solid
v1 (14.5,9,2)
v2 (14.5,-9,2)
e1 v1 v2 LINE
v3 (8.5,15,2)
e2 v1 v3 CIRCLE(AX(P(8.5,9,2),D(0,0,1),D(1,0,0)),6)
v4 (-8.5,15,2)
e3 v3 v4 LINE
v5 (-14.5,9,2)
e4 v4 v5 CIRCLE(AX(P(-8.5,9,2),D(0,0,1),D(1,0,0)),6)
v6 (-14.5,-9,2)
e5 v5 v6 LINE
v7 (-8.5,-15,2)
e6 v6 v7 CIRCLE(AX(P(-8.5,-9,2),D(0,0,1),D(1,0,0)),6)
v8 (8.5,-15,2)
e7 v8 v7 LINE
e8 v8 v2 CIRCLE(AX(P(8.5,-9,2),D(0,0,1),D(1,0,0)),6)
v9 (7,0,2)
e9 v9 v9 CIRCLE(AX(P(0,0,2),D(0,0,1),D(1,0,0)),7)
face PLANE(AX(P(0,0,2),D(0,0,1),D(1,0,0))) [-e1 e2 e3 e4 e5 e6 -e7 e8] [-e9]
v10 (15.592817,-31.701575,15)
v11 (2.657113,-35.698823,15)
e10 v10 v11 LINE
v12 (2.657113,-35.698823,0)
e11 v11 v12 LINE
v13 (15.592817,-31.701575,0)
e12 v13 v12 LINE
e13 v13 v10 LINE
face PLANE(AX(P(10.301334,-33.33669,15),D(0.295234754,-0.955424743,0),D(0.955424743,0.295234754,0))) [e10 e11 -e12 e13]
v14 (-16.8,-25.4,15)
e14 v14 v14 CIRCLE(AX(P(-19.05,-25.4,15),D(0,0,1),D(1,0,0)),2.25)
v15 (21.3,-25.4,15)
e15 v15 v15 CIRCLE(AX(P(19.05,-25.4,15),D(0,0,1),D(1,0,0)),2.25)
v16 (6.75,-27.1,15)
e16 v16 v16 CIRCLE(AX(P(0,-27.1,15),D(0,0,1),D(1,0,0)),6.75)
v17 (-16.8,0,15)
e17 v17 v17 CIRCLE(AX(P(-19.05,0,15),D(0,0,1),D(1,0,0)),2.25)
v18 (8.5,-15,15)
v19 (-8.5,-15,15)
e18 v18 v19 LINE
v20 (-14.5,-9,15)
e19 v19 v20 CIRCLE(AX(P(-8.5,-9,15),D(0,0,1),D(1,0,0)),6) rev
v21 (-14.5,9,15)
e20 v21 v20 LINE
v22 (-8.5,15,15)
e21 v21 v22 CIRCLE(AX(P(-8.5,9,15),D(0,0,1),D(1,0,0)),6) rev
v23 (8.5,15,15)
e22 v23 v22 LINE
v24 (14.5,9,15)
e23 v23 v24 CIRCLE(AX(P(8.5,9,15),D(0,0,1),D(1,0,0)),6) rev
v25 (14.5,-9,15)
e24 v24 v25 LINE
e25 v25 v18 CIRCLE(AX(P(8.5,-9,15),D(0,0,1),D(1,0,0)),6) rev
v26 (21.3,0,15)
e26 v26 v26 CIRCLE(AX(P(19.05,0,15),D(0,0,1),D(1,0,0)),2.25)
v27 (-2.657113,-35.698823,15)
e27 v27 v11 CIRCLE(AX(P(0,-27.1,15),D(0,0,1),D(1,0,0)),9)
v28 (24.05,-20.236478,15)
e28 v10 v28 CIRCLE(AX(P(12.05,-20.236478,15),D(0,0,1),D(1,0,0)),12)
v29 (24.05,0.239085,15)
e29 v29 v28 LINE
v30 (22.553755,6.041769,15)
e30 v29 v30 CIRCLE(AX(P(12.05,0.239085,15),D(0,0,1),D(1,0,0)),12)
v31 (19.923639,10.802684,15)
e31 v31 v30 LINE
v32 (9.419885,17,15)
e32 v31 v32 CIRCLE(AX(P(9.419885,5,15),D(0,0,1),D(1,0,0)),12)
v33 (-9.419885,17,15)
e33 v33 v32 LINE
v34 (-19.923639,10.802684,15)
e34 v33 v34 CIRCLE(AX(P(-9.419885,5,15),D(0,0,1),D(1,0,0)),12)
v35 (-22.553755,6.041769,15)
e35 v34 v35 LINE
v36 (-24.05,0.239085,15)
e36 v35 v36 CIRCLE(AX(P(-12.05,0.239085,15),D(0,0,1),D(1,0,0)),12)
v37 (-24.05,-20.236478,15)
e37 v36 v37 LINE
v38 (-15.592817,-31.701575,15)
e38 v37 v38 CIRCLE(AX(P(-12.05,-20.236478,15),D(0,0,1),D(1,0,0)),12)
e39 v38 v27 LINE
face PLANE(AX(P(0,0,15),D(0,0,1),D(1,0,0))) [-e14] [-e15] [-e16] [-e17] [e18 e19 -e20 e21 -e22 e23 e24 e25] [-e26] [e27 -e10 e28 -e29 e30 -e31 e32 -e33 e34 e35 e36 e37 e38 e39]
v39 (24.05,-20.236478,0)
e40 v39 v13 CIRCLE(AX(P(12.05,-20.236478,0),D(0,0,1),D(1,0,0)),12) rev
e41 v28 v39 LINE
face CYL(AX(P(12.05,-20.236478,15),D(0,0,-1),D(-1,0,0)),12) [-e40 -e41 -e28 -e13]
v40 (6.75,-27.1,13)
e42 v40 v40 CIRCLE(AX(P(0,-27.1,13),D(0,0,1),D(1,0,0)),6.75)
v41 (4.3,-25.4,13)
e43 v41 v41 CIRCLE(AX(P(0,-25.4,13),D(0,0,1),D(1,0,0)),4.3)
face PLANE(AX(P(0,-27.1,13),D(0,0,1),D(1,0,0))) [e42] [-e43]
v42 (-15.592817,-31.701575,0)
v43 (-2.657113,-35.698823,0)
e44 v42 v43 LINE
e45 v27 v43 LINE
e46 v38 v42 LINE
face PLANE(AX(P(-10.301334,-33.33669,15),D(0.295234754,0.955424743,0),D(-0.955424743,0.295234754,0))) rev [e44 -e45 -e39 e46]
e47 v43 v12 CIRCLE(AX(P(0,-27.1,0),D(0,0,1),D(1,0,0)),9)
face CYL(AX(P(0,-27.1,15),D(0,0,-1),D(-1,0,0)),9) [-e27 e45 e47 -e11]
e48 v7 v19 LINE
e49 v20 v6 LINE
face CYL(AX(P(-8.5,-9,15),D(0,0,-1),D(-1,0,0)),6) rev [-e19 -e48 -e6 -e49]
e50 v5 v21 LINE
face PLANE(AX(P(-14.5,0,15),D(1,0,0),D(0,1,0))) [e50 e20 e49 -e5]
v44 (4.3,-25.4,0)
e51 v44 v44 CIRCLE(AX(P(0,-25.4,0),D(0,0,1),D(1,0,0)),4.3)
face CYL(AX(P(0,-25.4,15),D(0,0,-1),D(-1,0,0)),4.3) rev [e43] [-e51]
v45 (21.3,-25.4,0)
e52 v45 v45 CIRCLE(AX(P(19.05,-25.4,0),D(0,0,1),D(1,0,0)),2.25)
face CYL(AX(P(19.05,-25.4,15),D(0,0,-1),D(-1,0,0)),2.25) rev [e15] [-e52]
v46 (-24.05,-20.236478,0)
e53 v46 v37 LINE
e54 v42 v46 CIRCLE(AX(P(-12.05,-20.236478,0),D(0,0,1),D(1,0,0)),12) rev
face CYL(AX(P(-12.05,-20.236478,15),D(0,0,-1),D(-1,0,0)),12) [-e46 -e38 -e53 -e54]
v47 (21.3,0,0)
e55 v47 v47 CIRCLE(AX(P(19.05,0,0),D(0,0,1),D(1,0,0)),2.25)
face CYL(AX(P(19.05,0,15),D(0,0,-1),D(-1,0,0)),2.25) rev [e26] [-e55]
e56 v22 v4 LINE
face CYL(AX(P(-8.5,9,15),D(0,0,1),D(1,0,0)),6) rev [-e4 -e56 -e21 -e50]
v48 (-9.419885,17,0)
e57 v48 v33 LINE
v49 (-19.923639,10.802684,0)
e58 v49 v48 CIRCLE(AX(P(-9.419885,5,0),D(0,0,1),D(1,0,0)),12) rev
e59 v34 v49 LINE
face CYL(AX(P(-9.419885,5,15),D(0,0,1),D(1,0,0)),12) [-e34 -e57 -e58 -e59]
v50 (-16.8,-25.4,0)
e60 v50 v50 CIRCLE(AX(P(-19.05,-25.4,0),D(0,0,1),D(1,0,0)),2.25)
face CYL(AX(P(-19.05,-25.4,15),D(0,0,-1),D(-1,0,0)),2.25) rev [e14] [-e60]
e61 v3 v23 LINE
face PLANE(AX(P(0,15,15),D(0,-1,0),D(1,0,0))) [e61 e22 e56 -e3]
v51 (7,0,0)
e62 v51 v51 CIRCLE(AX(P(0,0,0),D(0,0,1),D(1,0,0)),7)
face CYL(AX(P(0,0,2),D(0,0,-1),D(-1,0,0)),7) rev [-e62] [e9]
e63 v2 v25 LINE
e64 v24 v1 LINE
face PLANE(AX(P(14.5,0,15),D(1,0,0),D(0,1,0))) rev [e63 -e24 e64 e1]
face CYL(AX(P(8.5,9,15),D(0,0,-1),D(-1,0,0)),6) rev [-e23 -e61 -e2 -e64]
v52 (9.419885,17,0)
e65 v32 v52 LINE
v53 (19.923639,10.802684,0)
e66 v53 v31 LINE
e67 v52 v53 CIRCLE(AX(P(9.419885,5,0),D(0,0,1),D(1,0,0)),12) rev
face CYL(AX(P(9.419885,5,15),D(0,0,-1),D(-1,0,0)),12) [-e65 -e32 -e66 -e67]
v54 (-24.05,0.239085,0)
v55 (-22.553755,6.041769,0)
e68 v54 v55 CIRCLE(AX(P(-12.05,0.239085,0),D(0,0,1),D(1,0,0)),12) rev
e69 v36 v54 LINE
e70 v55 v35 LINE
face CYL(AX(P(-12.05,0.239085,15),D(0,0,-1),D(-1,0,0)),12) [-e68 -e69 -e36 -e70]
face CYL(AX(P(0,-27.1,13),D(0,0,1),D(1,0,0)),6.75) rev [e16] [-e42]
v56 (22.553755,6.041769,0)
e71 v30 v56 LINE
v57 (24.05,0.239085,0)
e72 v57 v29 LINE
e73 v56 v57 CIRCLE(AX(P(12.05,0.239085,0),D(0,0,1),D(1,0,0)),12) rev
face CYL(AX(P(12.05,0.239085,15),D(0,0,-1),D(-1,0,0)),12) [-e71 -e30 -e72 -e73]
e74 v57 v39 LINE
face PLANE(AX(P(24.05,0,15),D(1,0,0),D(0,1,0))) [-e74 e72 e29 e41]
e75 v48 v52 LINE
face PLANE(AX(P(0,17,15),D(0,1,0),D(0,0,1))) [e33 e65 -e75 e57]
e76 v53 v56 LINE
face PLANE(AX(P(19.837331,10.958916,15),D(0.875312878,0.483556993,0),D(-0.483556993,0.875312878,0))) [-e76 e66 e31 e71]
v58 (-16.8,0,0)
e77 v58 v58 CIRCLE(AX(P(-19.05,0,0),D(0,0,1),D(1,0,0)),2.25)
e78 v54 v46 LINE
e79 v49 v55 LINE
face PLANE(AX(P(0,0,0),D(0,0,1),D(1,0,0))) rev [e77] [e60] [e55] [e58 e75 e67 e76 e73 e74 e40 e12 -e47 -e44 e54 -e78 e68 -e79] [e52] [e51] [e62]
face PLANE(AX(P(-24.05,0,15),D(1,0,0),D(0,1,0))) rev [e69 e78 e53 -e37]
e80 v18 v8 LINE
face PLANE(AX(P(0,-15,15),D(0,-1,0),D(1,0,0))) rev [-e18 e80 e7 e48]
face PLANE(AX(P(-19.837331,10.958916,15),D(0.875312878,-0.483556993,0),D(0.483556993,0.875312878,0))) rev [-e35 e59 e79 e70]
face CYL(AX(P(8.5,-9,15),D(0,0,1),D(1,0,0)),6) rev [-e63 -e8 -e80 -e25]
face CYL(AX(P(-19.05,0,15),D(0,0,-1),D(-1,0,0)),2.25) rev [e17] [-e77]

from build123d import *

# Parameters (mm, degrees)
SKETCH3_R           = 2.25
SKETCH3_W           = 29
SKETCH3_H           = 30
SKETCH3_R_2         = 9
SKETCH3_R_3         = 6.75
SKETCH3_R_4         = 4.3
BOSS_EXTRUDE1_DEPTH = 15
SKETCH3_3_W         = 29
SKETCH3_3_H         = 30
SKETCH3_3_R         = 7
BOSS_EXTRUDE2_DEPTH = 2
CUT_EXTRUDE1_START  = 13
SKETCH3_4_R         = 6.75
SKETCH3_4_R_2       = 4.3
CUT_EXTRUDE1_DEPTH  = 2
FILLET1_R           = 6
FILLET2_R           = 12


with BuildPart() as part:
    # Sketch3 → Boss-Extrude1 (new body)
    # profile 1 of 3: a face of its own
    with BuildSketch(Plane.XY):
        with BuildLine():
            Line((16.5, 17), (-16.5, 17))
            Line((-16.5, 17), (-24.05, 3.333333333))
            Line((-24.05, 3.333333333), (-24.05, -29.088230031))
            Line((-24.05, -29.088230031), (-2.657112786, -35.698822689))
            ThreePointArc((-2.657112786, -35.698822689), (-5.342564222, -19.857278996), (9, -27.1))
            ThreePointArc((9, -27.1), (7.242721004, -32.442564222), (2.657112786, -35.698822689))
            Line((2.657112786, -35.698822689), (24.05, -29.088230031))
            Line((24.05, -29.088230031), (24.05, 3.333333333))
            Line((24.05, 3.333333333), (16.5, 17))
        make_face()
        with Locations((-19.05, -25.4)):
            Circle(SKETCH3_R, mode=Mode.SUBTRACT)
        with Locations((19.05, -25.4)):
            Circle(SKETCH3_R, mode=Mode.SUBTRACT)
        with Locations((-19.05, 0)):
            Circle(SKETCH3_R, mode=Mode.SUBTRACT)
        Rectangle(SKETCH3_W, SKETCH3_H, mode=Mode.SUBTRACT)
        with Locations((19.05, 0)):
            Circle(SKETCH3_R, mode=Mode.SUBTRACT)
    # profile 2 of 3: a face of its own
    with BuildSketch(Plane.XY):
        with Locations((0, -27.1)):
            Circle(SKETCH3_R_2)
        with Locations((0, -27.1)):
            Circle(SKETCH3_R_3, mode=Mode.SUBTRACT)
    # profile 3 of 3: a face of its own
    with BuildSketch(Plane.XY):
        with Locations((0, -27.1)):
            Circle(SKETCH3_R_3)
        with Locations((0, -25.4)):
            Circle(SKETCH3_R_4, mode=Mode.SUBTRACT)
    extrude(amount=BOSS_EXTRUDE1_DEPTH)

    # Sketch3<3> → Boss-Extrude2 (add)
    with BuildSketch(Plane.XY):
        Rectangle(SKETCH3_3_W, SKETCH3_3_H)
        Circle(SKETCH3_3_R, mode=Mode.SUBTRACT)
    extrude(amount=BOSS_EXTRUDE2_DEPTH)

    # Sketch3<4> → Cut-Extrude1 (cut)
    with BuildSketch(Plane.XY.offset(CUT_EXTRUDE1_START)):
        with Locations((0, -27.1)):
            Circle(SKETCH3_4_R)
        with Locations((0, -25.4)):
            Circle(SKETCH3_4_R_2, mode=Mode.SUBTRACT)
    extrude(amount=CUT_EXTRUDE1_DEPTH, mode=Mode.SUBTRACT)

    # Fillet1
    fillet1_edges = [part.edges().sort_by_distance(p)[0] for p in [
        (-14.5, 15, 8.5),
        (-14.5, -15, 8.5),
        (14.5, -15, 8.5),
        (14.5, 15, 8.5),
    ]]
    fillet(fillet1_edges, radius=FILLET1_R)

    # Fillet2
    fillet2_edges = [part.edges().sort_by_distance(p)[0] for p in [
        (-24.05, -29.088230031, 7.5),
        (-24.05, 3.333333333, 7.5),
        (-16.5, 17, 7.5),
        (16.5, 17, 7.5),
        (24.05, 3.333333333, 7.5),
        (24.05, -29.088230031, 7.5),
    ]]
    fillet(fillet2_edges, radius=FILLET2_R)


solid = part.part
